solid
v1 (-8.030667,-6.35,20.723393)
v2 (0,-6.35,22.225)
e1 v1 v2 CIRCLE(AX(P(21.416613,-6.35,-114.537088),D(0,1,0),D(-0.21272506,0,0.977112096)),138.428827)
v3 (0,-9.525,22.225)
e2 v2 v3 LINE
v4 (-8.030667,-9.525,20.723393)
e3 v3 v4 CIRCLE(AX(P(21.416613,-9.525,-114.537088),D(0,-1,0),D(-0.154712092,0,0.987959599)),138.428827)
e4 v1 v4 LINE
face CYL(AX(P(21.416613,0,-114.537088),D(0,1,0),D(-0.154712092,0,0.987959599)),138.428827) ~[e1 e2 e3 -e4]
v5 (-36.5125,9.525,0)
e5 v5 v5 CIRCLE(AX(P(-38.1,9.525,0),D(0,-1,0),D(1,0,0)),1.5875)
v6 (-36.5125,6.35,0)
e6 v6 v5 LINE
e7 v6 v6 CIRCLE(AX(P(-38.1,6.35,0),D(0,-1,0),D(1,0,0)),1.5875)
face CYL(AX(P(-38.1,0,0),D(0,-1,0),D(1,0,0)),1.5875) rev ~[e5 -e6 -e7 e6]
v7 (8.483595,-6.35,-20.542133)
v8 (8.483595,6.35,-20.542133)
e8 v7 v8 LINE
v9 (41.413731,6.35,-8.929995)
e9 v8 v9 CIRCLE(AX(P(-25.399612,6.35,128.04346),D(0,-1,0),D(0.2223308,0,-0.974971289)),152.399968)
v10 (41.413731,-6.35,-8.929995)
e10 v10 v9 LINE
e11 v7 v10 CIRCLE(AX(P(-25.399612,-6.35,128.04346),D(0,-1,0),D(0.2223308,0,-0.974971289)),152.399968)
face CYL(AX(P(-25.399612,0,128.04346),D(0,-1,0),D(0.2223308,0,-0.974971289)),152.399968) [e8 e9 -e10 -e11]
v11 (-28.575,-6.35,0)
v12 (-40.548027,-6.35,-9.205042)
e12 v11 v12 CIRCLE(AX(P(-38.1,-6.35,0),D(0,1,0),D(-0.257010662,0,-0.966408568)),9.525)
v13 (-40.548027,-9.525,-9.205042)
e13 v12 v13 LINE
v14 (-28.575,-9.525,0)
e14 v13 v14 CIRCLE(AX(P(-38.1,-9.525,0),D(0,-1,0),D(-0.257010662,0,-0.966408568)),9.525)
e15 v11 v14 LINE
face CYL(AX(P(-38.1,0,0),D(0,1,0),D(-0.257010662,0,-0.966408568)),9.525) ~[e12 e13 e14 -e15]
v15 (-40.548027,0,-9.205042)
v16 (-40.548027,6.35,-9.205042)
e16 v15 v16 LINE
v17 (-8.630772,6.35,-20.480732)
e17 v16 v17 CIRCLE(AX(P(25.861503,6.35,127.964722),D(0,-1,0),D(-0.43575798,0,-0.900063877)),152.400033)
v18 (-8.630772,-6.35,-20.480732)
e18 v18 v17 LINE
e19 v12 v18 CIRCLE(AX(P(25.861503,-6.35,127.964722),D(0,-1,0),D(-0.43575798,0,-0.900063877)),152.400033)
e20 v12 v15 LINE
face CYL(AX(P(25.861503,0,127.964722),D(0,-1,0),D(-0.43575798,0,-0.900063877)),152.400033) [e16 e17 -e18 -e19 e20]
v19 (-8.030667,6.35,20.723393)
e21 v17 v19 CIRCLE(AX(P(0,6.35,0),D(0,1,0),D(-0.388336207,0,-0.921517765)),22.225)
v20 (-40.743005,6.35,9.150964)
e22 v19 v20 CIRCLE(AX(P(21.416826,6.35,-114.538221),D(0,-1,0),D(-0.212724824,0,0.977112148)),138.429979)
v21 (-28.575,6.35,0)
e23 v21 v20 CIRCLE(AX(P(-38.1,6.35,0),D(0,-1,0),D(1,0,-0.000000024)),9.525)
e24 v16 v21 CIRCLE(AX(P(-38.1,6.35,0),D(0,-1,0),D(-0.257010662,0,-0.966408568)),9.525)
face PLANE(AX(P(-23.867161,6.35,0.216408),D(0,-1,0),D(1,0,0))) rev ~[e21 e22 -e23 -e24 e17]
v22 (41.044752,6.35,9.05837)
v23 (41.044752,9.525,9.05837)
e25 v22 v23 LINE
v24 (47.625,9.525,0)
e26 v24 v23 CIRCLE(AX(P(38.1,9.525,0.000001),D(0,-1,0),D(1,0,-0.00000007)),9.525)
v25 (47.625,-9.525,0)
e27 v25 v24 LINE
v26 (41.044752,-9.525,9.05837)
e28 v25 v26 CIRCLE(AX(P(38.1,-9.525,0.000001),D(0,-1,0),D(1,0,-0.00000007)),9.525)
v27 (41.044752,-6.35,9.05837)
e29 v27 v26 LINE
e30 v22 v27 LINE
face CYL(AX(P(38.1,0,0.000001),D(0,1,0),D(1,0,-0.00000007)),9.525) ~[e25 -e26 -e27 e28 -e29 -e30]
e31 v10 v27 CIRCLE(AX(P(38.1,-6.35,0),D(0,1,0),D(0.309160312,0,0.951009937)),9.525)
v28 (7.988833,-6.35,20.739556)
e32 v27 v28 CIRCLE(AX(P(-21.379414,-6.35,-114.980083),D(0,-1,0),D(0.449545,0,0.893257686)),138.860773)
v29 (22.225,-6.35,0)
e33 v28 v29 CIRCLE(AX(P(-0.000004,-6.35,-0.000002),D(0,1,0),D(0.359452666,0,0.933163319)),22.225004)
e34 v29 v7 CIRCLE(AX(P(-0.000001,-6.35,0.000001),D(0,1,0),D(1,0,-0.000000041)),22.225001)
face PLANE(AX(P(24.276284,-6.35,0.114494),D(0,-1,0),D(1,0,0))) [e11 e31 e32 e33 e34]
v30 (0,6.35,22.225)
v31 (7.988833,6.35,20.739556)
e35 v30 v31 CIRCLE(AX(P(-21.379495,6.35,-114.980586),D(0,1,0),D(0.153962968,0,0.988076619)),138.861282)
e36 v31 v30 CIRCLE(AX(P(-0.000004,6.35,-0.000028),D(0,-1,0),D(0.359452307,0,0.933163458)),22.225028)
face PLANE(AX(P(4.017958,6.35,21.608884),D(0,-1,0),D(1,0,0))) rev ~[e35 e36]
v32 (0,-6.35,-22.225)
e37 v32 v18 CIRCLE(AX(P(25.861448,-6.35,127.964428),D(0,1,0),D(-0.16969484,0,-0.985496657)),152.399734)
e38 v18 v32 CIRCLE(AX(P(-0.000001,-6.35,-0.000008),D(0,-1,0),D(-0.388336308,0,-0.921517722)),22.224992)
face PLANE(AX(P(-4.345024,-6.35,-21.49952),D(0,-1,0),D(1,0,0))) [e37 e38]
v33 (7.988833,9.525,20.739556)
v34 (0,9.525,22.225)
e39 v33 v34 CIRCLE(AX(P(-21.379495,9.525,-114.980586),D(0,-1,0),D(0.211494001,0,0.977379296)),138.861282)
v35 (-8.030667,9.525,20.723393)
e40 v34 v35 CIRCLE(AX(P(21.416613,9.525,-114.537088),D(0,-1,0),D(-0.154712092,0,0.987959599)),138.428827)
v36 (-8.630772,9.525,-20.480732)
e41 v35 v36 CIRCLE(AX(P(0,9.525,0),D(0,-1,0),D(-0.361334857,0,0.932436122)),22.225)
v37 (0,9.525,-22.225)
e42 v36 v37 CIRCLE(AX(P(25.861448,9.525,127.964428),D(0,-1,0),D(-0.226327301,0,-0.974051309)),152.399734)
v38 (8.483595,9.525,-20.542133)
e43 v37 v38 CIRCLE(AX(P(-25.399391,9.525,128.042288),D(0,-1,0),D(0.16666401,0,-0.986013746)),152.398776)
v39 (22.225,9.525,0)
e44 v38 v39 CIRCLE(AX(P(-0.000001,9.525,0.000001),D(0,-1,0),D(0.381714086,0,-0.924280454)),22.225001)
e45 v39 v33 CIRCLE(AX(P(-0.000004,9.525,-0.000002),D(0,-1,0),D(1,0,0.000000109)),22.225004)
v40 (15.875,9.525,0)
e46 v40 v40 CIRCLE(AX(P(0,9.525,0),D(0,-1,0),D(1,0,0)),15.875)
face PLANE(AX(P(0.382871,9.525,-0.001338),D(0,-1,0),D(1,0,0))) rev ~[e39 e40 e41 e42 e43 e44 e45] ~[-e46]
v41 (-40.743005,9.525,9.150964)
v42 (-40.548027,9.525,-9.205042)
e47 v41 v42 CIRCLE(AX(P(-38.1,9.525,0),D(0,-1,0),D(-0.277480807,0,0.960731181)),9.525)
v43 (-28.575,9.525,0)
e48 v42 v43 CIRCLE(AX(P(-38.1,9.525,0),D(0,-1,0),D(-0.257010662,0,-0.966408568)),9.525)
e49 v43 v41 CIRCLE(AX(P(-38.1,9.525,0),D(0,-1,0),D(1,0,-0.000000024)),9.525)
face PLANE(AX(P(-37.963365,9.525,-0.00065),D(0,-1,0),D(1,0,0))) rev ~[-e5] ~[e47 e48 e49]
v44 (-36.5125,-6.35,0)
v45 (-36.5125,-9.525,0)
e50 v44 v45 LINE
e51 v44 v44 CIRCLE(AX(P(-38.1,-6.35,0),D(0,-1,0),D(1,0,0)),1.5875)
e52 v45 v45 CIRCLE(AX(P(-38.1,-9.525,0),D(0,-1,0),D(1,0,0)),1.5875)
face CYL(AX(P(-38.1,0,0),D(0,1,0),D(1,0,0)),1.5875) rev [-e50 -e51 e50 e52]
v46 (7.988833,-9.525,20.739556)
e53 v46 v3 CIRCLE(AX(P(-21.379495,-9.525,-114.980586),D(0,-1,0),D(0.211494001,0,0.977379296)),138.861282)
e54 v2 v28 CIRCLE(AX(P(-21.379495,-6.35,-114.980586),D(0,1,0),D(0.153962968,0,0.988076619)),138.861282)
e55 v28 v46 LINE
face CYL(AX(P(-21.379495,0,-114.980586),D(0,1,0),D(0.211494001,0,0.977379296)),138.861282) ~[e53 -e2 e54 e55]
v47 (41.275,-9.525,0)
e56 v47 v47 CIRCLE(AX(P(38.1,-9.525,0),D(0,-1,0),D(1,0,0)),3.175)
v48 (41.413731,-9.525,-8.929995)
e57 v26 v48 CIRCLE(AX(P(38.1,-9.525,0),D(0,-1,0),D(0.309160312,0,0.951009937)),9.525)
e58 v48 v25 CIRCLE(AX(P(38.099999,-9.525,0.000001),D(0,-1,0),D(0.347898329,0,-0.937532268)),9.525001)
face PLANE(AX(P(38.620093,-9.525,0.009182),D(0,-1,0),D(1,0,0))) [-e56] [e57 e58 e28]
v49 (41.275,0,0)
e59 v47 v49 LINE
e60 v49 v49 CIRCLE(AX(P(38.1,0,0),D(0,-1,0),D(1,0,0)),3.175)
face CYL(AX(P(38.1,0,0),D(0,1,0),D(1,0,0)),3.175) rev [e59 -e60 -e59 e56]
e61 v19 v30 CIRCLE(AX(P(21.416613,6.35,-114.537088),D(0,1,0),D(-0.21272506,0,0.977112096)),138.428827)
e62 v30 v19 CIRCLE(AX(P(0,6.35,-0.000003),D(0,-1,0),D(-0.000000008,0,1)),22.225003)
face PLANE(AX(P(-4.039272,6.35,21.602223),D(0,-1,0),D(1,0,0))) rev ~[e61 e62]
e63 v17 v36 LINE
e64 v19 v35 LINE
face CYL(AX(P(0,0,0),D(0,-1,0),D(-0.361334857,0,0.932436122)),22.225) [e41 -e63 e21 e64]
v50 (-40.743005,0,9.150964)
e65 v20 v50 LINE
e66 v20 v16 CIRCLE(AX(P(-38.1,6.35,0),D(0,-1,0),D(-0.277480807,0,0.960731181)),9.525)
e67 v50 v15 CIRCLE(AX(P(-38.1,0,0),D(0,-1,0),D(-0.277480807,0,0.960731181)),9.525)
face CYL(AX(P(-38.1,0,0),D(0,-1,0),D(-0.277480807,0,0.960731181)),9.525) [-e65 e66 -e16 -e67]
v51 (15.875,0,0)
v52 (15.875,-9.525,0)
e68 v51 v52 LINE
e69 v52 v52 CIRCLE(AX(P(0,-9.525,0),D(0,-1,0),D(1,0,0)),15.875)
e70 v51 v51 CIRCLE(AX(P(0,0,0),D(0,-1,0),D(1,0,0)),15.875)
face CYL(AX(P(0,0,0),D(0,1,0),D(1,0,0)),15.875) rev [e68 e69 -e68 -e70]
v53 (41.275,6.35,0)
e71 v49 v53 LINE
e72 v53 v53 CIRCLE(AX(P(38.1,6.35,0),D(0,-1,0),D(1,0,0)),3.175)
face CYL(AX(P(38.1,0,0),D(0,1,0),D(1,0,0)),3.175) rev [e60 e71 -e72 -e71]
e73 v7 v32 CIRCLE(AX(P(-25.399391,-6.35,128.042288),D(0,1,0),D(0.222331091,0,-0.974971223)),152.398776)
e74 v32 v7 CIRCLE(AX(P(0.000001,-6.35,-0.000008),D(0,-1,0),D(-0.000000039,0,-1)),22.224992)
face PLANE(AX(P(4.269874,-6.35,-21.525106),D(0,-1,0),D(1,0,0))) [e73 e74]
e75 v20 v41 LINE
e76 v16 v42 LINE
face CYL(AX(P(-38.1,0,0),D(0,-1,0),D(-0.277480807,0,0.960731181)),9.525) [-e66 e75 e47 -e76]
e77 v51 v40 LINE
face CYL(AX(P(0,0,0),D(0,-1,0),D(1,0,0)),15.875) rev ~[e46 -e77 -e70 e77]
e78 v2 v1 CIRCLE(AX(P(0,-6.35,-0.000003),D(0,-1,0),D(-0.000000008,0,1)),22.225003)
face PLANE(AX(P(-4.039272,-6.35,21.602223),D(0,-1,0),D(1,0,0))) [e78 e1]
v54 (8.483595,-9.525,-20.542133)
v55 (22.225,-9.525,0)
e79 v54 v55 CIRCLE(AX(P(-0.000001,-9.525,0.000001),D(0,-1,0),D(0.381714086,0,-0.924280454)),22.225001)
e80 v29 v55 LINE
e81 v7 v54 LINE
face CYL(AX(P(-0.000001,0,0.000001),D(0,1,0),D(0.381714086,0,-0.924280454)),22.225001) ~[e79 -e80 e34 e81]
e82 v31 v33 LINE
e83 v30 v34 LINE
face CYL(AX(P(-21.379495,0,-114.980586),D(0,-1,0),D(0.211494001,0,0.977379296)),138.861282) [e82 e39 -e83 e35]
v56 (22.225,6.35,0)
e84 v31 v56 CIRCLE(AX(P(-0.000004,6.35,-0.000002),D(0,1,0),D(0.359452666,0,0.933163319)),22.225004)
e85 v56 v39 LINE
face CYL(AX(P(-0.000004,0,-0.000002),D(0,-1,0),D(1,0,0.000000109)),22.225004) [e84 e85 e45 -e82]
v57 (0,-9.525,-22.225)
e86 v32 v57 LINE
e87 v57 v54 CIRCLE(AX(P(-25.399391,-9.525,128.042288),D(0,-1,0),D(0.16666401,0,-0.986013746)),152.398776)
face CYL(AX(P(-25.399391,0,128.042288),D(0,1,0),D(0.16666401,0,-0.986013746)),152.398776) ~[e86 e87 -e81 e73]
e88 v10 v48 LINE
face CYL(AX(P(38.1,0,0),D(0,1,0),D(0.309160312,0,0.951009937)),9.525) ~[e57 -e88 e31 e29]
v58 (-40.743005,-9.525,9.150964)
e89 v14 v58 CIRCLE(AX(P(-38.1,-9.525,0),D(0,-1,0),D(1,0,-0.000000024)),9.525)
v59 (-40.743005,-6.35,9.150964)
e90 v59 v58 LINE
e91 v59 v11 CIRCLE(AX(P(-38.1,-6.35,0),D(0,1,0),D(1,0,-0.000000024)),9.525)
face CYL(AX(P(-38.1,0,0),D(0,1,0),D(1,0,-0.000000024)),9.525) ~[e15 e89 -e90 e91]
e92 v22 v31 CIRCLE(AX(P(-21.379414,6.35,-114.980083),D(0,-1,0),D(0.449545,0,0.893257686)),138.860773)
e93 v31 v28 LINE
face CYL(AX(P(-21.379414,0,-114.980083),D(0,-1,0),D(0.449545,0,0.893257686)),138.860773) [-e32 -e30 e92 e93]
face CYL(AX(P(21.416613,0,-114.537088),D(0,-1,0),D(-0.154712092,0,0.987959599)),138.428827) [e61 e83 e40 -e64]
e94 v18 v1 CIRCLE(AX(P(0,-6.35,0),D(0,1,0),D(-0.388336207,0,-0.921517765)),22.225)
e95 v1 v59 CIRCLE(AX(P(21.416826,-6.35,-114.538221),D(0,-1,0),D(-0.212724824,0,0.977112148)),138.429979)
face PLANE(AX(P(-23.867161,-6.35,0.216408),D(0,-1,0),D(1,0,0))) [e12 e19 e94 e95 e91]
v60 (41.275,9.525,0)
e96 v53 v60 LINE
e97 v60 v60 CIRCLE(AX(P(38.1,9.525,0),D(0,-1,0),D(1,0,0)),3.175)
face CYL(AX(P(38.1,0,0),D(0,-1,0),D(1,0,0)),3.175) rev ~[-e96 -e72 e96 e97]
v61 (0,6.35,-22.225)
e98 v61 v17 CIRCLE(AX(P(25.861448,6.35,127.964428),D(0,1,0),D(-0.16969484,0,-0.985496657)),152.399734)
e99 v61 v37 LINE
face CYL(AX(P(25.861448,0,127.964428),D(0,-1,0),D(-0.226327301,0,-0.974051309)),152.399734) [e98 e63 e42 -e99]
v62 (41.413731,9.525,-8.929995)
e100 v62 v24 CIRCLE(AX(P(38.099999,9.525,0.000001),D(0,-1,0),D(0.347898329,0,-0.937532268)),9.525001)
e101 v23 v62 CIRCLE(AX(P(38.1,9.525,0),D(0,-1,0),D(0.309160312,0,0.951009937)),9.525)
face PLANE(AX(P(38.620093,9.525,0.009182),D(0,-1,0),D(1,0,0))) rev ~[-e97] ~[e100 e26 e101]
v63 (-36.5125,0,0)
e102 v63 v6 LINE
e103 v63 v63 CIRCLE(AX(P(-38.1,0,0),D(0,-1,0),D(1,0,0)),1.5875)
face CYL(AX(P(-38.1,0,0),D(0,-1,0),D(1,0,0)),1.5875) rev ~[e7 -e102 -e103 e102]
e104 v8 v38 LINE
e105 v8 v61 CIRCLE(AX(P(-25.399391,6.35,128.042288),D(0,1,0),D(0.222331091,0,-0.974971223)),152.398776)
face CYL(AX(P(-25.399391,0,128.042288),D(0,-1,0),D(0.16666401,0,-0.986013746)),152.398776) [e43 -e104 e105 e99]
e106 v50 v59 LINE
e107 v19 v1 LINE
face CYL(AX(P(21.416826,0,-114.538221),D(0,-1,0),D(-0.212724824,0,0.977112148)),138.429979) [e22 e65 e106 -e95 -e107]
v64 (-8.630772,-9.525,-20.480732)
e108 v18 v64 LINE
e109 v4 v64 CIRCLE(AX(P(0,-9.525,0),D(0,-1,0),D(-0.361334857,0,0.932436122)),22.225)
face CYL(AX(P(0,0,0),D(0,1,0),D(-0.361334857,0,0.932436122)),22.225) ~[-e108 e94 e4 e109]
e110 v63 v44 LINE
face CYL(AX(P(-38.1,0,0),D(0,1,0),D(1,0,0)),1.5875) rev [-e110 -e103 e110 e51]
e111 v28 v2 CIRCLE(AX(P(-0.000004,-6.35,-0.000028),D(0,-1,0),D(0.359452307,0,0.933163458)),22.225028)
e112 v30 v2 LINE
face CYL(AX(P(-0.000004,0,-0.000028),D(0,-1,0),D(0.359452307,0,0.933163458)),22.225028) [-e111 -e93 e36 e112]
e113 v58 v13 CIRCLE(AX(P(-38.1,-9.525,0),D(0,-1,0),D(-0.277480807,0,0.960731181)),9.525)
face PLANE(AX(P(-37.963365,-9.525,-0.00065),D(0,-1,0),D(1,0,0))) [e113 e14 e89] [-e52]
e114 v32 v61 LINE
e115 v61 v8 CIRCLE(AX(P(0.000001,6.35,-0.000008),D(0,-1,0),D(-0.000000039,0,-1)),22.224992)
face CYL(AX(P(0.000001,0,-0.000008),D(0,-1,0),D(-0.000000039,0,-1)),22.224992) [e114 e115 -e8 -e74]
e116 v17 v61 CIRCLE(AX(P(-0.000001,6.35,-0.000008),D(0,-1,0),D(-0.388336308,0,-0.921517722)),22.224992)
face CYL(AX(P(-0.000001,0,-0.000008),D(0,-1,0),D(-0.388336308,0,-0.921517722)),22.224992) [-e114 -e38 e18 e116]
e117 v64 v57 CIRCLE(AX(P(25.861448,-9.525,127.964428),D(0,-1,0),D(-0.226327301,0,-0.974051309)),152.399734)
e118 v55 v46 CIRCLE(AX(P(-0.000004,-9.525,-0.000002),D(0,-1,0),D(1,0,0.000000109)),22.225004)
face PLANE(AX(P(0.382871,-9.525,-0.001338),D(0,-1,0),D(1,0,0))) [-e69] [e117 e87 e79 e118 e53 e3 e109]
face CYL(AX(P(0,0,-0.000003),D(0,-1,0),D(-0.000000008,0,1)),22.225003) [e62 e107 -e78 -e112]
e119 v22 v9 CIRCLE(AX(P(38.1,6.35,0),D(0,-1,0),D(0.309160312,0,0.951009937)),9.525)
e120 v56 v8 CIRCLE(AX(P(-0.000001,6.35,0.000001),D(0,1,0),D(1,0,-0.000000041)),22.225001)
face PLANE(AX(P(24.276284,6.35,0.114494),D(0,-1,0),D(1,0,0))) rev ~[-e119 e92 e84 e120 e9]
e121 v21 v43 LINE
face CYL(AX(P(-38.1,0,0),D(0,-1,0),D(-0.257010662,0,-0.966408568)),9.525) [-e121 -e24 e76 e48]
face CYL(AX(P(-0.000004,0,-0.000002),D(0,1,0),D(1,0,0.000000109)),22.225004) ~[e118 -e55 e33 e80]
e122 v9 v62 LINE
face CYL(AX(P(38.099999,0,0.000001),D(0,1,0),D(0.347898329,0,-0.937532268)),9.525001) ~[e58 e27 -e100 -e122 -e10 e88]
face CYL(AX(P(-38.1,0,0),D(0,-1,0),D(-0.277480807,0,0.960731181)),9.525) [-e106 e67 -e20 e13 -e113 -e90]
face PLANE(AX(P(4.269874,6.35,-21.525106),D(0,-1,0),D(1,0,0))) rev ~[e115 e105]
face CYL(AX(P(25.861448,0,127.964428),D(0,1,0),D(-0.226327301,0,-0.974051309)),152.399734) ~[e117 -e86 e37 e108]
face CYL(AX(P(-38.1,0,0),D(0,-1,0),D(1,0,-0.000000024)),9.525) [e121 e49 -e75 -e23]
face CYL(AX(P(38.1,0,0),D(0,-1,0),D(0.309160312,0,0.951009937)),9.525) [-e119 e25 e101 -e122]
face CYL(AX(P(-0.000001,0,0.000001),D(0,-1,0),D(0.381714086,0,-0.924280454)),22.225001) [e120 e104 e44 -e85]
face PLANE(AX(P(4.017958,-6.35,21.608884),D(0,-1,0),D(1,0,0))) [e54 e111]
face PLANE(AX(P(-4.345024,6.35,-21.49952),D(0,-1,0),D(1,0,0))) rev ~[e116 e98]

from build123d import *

# Parameters (mm, degrees)
F0_R          = 3.175
F0_R_2        = 1.5875
F1_DEPTH      = 6.35
F1_DEPTH_BACK = 6.35
F0_R_3        = 15.875
F2_DEPTH      = 9.525
F2_DEPTH_BACK = 9.525


with BuildPart() as f1:
    # F0 (on Front) → F1 (new body, two sides)
    with BuildSketch(Plane.XZ) as f1_sk:
        with BuildLine():
            ThreePointArc((7.988833, 20.739556), (18.323515, 12.577734), (22.225, 0))
            ThreePointArc((22.225, 0), (18.472933, -12.357239), (8.483595, -20.542133))
            ThreePointArc((8.483595, -20.542133), (25.28233, -15.682289), (41.413731, -8.929995))
            ThreePointArc((41.413731, -8.929995), (28.577003, -0.195336), (41.044752, 9.05837))
            ThreePointArc((41.044752, 9.05837), (24.886927, 15.946385), (7.988833, 20.739556))
        make_face()
        with BuildLine():
            ThreePointArc((0, 22.225), (4.005284, 21.540726), (7.988833, 20.739556))
            ThreePointArc((7.988833, 20.739556), (4.062881, 21.850483), (0, 22.225))
        make_face()
        with BuildLine():
            ThreePointArc((0, -22.225), (4.324449, -21.800224), (8.483595, -20.542133))
            ThreePointArc((8.483595, -20.542133), (4.253738, -21.443761), (0, -22.225))
        make_face()
        with BuildLine():
            ThreePointArc((-8.030667, 20.723393), (-4.026414, 21.533454), (0, 22.225))
            ThreePointArc((0, 22.225), (-4.084925, 21.846373), (-8.030667, 20.723393))
        make_face()
        with BuildLine():
            ThreePointArc((47.625, 0), (45.806309, 5.598074), (41.044752, 9.05837))
            ThreePointArc((41.044752, 9.05837), (28.577003, -0.195336), (41.413731, -8.929995))
            ThreePointArc((41.413731, -8.929995), (45.919492, -5.438857), (47.625, 0))
        make_face()
        with Locations((38.1, 0)):
            Circle(F0_R, mode=Mode.SUBTRACT)
        with BuildLine():
            ThreePointArc((-8.630772, -20.480732), (-4.402633, -21.784569), (0, -22.225))
            ThreePointArc((0, -22.225), (-4.327986, -21.415212), (-8.630772, -20.480732))
        make_face()
        with BuildLine():
            ThreePointArc((-8.630772, -20.480732), (-22.222643, 0.323655), (-8.030667, 20.723393))
            ThreePointArc((-8.030667, 20.723393), (-24.750865, 15.966198), (-40.743005, 9.150964))
            ThreePointArc((-40.743005, 9.150964), (-32.375011, 7.612498), (-28.575, 0))
            ThreePointArc((-28.575, 0), (-32.294478, -7.551261), (-40.548027, -9.205042))
            ThreePointArc((-40.548027, -9.205042), (-24.903434, -15.731802), (-8.630772, -20.480732))
        make_face()
        with BuildLine():
            ThreePointArc((-28.575, 0), (-32.375011, 7.612498), (-40.743005, 9.150964))
            ThreePointArc((-40.743005, 9.150964), (-47.624463, -0.101169), (-40.548027, -9.205042))
            ThreePointArc((-40.548027, -9.205042), (-32.294478, -7.551261), (-28.575, 0))
        make_face()
        with Locations((-38.1, 0)):
            Circle(F0_R_2, mode=Mode.SUBTRACT)
    extrude(amount=F1_DEPTH)
    extrude(f1_sk.sketch, amount=-F1_DEPTH_BACK)

    # F0 (on Front) → F2 (join, two sides)
    with BuildSketch(Plane.XZ) as f2_sk:
        with BuildLine():
            ThreePointArc((47.625, 0), (45.806309, 5.598074), (41.044752, 9.05837))
            ThreePointArc((41.044752, 9.05837), (28.577003, -0.195336), (41.413731, -8.929995))
            ThreePointArc((41.413731, -8.929995), (45.919492, -5.438857), (47.625, 0))
        make_face()
        with Locations((38.1, 0)):
            Circle(F0_R, mode=Mode.SUBTRACT)
        with BuildLine():
            ThreePointArc((-28.575, 0), (-32.375011, 7.612498), (-40.743005, 9.150964))
            ThreePointArc((-40.743005, 9.150964), (-47.624463, -0.101169), (-40.548027, -9.205042))
            ThreePointArc((-40.548027, -9.205042), (-32.294478, -7.551261), (-28.575, 0))
        make_face()
        with Locations((-38.1, 0)):
            Circle(F0_R_2, mode=Mode.SUBTRACT)
        with BuildLine():
            ThreePointArc((8.483595, -20.542133), (18.472933, -12.357239), (22.225, 0))
            ThreePointArc((22.225, 0), (18.323515, 12.577734), (7.988833, 20.739556))
            ThreePointArc((7.988833, 20.739556), (4.005284, 21.540726), (0, 22.225))
            ThreePointArc((0, 22.225), (-4.026414, 21.533454), (-8.030667, 20.723393))
            ThreePointArc((-8.030667, 20.723393), (-22.222643, 0.323655), (-8.630772, -20.480732))
            ThreePointArc((-8.630772, -20.480732), (-4.327986, -21.415212), (0, -22.225))
            ThreePointArc((0, -22.225), (4.253738, -21.443761), (8.483595, -20.542133))
        make_face()
        Circle(F0_R_3, mode=Mode.SUBTRACT)
    extrude(amount=F2_DEPTH)
    extrude(f2_sk.sketch, amount=-F2_DEPTH_BACK)


solid = f1.part
